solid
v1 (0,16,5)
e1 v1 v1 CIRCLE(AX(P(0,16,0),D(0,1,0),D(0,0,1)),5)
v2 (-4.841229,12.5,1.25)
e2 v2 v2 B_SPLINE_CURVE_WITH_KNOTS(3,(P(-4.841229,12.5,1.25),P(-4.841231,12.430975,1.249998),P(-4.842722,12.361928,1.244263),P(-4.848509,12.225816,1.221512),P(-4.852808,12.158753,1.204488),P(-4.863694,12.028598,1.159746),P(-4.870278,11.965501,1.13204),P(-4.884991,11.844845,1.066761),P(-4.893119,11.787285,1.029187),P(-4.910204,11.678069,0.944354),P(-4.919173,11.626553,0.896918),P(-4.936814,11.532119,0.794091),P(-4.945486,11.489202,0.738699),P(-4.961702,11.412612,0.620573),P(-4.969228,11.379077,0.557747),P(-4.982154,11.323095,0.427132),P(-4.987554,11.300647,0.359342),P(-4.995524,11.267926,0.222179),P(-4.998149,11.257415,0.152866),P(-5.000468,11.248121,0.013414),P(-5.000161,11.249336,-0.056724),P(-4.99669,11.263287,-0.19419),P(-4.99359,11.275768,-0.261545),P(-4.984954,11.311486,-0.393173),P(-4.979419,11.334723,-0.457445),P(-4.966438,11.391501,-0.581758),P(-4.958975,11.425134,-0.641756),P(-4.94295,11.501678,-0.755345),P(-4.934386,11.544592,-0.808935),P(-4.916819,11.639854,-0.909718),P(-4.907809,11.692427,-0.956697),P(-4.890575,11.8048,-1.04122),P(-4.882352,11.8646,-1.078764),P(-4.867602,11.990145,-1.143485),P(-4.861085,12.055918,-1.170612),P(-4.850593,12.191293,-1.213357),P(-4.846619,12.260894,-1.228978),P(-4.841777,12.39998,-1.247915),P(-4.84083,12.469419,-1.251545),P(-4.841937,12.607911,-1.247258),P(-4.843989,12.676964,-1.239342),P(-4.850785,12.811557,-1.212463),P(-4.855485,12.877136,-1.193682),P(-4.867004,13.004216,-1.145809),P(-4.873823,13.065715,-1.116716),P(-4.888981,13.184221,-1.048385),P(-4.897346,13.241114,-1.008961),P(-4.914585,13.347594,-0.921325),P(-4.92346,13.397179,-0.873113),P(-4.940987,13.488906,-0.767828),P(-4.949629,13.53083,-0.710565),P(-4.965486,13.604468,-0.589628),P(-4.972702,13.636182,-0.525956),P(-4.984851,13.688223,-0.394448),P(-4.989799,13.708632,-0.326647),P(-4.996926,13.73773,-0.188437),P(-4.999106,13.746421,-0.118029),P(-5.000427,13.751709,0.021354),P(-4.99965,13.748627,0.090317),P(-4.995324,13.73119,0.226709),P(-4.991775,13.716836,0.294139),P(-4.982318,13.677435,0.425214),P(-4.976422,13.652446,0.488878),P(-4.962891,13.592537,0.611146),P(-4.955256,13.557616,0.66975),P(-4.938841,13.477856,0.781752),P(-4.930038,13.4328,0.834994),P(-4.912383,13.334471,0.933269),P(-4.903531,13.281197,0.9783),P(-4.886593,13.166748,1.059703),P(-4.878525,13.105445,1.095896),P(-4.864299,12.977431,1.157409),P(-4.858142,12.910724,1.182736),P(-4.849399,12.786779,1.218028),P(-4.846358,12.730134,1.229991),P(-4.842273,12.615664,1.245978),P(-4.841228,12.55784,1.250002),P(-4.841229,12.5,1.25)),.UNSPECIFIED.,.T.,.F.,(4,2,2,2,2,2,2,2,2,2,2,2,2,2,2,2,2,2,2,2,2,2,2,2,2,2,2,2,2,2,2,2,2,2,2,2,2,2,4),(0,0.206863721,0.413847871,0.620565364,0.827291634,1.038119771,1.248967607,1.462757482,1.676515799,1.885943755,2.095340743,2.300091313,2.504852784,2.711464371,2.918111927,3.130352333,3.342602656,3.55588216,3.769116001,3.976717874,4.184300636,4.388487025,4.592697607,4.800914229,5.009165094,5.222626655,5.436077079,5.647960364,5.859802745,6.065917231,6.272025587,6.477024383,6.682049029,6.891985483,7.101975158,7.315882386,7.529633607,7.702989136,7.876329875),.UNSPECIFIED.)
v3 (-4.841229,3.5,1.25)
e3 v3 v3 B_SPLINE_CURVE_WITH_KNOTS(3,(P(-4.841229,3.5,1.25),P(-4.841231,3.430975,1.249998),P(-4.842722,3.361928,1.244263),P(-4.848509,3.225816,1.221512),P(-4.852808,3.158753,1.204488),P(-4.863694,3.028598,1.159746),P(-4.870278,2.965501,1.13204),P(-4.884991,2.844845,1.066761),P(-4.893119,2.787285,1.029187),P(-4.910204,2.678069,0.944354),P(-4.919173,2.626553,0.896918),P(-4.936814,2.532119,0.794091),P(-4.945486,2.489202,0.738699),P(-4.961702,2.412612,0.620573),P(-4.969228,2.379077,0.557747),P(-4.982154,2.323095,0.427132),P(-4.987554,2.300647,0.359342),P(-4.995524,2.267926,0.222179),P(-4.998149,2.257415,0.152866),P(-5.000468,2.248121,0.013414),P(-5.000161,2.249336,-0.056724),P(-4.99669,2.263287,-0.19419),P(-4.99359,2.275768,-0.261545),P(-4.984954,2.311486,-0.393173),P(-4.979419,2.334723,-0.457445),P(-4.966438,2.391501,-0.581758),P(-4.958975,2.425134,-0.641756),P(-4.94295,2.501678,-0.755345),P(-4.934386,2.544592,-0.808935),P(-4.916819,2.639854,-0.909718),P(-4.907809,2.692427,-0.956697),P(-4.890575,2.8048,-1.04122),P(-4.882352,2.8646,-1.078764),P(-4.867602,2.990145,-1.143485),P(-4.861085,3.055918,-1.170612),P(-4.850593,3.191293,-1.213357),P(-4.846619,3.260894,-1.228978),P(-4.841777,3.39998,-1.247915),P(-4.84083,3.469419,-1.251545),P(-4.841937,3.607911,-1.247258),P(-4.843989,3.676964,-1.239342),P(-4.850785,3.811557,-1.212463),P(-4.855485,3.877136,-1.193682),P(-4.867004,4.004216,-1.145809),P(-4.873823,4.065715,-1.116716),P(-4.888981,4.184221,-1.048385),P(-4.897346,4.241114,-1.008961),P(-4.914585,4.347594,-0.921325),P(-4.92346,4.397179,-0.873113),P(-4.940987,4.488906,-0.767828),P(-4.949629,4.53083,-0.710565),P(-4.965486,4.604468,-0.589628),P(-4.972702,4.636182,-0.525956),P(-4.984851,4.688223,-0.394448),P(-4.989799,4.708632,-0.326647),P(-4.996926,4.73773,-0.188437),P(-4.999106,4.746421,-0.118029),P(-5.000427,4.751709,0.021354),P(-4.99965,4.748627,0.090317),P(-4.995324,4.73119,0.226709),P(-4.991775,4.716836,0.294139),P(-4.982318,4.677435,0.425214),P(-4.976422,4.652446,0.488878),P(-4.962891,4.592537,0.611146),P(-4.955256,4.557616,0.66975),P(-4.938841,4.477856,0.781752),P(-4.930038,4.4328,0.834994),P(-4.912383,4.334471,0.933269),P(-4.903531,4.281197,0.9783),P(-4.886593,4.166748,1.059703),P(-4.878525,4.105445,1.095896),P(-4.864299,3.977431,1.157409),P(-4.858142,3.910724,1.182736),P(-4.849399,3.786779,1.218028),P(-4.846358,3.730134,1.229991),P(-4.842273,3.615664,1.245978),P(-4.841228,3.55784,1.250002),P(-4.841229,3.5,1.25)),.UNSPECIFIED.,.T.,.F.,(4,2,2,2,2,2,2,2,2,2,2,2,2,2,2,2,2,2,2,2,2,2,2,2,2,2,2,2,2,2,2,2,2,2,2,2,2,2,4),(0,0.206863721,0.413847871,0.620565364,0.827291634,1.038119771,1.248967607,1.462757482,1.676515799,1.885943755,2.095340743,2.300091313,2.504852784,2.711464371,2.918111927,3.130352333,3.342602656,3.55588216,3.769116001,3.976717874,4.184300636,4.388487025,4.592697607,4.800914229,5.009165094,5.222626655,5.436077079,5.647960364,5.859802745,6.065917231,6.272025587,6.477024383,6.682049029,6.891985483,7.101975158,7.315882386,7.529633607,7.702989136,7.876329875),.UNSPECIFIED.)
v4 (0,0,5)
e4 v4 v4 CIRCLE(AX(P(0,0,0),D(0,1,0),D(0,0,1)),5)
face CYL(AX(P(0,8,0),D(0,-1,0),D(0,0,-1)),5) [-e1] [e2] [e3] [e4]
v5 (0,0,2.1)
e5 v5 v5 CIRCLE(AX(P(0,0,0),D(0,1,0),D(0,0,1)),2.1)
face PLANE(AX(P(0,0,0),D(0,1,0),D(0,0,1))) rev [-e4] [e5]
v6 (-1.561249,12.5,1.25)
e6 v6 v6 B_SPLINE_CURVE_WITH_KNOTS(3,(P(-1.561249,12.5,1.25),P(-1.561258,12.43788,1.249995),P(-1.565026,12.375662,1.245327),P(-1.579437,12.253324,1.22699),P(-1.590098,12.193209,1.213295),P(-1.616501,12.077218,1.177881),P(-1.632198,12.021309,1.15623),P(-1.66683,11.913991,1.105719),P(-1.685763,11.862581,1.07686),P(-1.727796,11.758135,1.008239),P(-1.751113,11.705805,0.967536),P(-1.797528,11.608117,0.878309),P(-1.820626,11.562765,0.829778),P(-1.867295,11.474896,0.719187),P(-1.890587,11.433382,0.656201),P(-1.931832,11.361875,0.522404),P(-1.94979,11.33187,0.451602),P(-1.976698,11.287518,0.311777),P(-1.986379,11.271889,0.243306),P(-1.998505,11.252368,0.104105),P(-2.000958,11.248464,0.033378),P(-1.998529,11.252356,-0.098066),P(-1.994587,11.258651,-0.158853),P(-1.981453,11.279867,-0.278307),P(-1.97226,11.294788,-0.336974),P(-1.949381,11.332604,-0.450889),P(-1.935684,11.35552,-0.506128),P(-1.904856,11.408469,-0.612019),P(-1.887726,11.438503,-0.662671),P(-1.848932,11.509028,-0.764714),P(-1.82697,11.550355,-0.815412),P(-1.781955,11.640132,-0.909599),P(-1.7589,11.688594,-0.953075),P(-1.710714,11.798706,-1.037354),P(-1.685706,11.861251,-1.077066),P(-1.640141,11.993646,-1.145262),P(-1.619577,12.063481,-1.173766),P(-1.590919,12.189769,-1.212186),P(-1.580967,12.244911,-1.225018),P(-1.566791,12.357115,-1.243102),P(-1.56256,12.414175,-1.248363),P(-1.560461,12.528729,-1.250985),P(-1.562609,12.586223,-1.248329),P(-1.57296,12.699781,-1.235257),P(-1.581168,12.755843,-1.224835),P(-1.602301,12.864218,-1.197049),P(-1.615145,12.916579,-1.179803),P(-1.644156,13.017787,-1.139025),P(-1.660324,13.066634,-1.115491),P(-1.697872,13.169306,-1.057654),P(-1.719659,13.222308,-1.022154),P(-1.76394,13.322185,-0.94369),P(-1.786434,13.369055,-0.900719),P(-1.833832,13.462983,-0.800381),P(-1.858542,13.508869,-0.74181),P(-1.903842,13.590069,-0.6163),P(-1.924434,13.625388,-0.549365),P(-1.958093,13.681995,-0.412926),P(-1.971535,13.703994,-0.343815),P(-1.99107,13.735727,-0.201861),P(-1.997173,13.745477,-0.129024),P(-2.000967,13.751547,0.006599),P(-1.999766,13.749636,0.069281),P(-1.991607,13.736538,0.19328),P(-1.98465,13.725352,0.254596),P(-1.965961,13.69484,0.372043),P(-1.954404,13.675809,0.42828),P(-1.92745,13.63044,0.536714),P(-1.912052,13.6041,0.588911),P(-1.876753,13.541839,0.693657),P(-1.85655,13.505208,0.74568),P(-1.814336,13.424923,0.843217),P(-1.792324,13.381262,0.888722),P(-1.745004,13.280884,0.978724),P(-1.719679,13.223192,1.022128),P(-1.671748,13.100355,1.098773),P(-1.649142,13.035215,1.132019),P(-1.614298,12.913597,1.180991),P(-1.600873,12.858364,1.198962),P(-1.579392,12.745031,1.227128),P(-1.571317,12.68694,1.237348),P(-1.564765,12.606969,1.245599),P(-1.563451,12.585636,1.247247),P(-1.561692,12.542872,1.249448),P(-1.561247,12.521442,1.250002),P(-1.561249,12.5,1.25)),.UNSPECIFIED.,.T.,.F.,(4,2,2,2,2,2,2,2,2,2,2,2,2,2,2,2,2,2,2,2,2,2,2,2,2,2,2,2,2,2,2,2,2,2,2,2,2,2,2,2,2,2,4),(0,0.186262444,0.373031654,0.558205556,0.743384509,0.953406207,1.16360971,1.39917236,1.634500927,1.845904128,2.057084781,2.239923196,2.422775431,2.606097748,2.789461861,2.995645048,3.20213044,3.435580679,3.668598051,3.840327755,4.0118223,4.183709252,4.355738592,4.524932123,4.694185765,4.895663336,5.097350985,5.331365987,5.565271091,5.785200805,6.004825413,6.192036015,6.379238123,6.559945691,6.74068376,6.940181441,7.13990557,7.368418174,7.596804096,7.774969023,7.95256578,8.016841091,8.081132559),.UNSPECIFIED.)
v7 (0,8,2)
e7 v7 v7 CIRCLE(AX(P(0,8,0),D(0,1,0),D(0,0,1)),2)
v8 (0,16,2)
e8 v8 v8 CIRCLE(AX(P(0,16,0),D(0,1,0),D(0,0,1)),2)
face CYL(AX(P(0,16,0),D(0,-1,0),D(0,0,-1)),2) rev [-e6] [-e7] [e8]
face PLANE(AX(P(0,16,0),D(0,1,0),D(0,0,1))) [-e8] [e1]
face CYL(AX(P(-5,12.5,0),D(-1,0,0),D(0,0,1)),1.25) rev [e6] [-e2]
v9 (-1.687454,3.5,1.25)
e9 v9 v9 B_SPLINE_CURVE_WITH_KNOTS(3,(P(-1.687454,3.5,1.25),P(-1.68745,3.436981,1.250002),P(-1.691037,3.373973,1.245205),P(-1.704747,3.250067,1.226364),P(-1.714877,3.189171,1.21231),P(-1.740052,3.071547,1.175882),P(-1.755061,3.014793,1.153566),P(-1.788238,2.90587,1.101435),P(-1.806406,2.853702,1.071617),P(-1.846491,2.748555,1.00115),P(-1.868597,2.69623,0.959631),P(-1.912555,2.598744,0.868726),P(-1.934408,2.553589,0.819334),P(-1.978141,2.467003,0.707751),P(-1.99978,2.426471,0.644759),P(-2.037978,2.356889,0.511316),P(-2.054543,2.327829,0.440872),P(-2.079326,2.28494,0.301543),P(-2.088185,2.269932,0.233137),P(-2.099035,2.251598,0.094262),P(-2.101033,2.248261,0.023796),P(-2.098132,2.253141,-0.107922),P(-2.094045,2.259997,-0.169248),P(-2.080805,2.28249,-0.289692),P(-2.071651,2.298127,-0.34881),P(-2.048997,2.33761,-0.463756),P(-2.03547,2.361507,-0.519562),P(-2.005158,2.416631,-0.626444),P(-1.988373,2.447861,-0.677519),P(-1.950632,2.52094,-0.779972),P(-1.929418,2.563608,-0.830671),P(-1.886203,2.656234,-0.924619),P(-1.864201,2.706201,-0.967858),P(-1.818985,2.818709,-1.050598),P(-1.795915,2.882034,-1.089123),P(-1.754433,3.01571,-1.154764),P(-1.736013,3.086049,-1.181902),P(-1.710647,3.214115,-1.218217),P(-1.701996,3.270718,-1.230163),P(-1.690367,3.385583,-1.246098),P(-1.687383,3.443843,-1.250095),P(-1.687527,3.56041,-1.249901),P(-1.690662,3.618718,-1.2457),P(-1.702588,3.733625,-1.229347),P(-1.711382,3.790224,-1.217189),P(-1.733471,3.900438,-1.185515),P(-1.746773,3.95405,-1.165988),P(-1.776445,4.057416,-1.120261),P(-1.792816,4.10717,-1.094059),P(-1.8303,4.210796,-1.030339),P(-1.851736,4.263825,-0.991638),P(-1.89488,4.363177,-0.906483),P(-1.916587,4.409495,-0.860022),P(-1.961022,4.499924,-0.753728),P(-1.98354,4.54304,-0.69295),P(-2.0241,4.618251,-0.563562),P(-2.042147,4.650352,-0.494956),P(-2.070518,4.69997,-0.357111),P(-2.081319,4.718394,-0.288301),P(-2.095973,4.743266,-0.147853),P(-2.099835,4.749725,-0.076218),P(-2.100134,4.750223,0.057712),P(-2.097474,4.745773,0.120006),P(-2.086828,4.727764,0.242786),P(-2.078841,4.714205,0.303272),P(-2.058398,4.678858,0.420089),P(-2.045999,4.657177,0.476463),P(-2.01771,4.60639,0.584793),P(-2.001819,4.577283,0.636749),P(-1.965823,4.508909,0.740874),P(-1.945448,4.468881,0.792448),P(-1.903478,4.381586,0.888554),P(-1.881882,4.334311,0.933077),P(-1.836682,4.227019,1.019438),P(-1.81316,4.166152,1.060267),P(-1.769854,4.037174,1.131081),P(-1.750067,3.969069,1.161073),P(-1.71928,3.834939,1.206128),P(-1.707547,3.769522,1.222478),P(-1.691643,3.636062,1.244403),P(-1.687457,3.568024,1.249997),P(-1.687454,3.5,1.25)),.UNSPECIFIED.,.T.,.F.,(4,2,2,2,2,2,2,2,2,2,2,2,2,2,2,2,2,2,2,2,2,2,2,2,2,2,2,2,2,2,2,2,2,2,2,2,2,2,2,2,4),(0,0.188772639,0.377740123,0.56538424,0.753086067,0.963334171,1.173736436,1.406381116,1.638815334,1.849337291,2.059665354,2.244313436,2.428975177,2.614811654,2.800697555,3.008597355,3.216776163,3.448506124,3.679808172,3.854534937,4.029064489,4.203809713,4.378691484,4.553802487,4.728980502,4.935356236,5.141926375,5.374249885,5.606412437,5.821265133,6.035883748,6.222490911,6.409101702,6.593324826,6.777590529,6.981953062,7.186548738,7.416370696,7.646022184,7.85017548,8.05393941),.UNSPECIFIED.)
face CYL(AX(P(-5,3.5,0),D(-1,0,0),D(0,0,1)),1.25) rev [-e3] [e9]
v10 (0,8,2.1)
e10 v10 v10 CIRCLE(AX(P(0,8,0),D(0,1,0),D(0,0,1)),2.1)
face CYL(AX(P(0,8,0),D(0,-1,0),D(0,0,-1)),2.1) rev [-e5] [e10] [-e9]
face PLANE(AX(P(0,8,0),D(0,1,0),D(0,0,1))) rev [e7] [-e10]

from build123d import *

# Parameters (mm, degrees)
SKETCH1_R              = 5
SKETCH1_R_2            = 2.1
BOSS_EXTRUDE1_DEPTH    = 8
SKETCH2_R              = 5
SKETCH2_R_2            = 2
BOSS_EXTRUDE2_DEPTH    = 8
M3_TAPPED_HOLE2_REACH  = 21.519
M3_TAPPED_HOLE2_BORE_R = 1.25


with BuildPart() as part:
    # Sketch1 → Boss-Extrude1 (new body)
    with BuildSketch(Plane(origin=(0, 0, 0), x_dir=(1, 0, 0), z_dir=(0, 1, 0))):
        with Locations(Location((0, 0, 0), (0, 0, 270))):
            Circle(SKETCH1_R)
        with Locations(Location((0, 0, 0), (0, 0, 270))):
            Circle(SKETCH1_R_2, mode=Mode.SUBTRACT)
    extrude(amount=BOSS_EXTRUDE1_DEPTH)

    # Sketch2 → Boss-Extrude2 (add)
    with BuildSketch(Plane(origin=(0, 8, 0), x_dir=(1, 0, 0), z_dir=(0, 1, 0))):
        with Locations(Location((0, 0, 0), (0, 0, 270))):
            Circle(SKETCH2_R)
        with Locations(Location((0, 0, 0), (0, 0, 270))):
            Circle(SKETCH2_R_2, mode=Mode.SUBTRACT)
    extrude(amount=BOSS_EXTRUDE2_DEPTH)

    # M3 Tapped Hole2 bore → M3 Tapped Hole2 (cut, up to next)
    with BuildSketch(Plane.ZY.offset(5), mode=Mode.PRIVATE) as m3_tapped_hole2_sk1:
        with Locations((0, 12.5)):
            Circle(M3_TAPPED_HOLE2_BORE_R)
    m3_tapped_hole2_tool1 = extrude(m3_tapped_hole2_sk1.sketch, amount=-M3_TAPPED_HOLE2_REACH, mode=Mode.PRIVATE) & part.part
    # M3 Tapped Hole2 bore → M3 Tapped Hole2 (cut, up to next)
    with BuildSketch(Plane.ZY.offset(5), mode=Mode.PRIVATE) as m3_tapped_hole2_sk2:
        with Locations((0, 3.5)):
            Circle(M3_TAPPED_HOLE2_BORE_R)
    m3_tapped_hole2_tool2 = extrude(m3_tapped_hole2_sk2.sketch, amount=-M3_TAPPED_HOLE2_REACH, mode=Mode.PRIVATE) & part.part
    add(m3_tapped_hole2_tool1.solids().sort_by_distance((-5, 12.5, 0))[0], mode=Mode.SUBTRACT)
    add(m3_tapped_hole2_tool2.solids().sort_by_distance((-5, 3.5, 0))[0], mode=Mode.SUBTRACT)


solid = part.part
